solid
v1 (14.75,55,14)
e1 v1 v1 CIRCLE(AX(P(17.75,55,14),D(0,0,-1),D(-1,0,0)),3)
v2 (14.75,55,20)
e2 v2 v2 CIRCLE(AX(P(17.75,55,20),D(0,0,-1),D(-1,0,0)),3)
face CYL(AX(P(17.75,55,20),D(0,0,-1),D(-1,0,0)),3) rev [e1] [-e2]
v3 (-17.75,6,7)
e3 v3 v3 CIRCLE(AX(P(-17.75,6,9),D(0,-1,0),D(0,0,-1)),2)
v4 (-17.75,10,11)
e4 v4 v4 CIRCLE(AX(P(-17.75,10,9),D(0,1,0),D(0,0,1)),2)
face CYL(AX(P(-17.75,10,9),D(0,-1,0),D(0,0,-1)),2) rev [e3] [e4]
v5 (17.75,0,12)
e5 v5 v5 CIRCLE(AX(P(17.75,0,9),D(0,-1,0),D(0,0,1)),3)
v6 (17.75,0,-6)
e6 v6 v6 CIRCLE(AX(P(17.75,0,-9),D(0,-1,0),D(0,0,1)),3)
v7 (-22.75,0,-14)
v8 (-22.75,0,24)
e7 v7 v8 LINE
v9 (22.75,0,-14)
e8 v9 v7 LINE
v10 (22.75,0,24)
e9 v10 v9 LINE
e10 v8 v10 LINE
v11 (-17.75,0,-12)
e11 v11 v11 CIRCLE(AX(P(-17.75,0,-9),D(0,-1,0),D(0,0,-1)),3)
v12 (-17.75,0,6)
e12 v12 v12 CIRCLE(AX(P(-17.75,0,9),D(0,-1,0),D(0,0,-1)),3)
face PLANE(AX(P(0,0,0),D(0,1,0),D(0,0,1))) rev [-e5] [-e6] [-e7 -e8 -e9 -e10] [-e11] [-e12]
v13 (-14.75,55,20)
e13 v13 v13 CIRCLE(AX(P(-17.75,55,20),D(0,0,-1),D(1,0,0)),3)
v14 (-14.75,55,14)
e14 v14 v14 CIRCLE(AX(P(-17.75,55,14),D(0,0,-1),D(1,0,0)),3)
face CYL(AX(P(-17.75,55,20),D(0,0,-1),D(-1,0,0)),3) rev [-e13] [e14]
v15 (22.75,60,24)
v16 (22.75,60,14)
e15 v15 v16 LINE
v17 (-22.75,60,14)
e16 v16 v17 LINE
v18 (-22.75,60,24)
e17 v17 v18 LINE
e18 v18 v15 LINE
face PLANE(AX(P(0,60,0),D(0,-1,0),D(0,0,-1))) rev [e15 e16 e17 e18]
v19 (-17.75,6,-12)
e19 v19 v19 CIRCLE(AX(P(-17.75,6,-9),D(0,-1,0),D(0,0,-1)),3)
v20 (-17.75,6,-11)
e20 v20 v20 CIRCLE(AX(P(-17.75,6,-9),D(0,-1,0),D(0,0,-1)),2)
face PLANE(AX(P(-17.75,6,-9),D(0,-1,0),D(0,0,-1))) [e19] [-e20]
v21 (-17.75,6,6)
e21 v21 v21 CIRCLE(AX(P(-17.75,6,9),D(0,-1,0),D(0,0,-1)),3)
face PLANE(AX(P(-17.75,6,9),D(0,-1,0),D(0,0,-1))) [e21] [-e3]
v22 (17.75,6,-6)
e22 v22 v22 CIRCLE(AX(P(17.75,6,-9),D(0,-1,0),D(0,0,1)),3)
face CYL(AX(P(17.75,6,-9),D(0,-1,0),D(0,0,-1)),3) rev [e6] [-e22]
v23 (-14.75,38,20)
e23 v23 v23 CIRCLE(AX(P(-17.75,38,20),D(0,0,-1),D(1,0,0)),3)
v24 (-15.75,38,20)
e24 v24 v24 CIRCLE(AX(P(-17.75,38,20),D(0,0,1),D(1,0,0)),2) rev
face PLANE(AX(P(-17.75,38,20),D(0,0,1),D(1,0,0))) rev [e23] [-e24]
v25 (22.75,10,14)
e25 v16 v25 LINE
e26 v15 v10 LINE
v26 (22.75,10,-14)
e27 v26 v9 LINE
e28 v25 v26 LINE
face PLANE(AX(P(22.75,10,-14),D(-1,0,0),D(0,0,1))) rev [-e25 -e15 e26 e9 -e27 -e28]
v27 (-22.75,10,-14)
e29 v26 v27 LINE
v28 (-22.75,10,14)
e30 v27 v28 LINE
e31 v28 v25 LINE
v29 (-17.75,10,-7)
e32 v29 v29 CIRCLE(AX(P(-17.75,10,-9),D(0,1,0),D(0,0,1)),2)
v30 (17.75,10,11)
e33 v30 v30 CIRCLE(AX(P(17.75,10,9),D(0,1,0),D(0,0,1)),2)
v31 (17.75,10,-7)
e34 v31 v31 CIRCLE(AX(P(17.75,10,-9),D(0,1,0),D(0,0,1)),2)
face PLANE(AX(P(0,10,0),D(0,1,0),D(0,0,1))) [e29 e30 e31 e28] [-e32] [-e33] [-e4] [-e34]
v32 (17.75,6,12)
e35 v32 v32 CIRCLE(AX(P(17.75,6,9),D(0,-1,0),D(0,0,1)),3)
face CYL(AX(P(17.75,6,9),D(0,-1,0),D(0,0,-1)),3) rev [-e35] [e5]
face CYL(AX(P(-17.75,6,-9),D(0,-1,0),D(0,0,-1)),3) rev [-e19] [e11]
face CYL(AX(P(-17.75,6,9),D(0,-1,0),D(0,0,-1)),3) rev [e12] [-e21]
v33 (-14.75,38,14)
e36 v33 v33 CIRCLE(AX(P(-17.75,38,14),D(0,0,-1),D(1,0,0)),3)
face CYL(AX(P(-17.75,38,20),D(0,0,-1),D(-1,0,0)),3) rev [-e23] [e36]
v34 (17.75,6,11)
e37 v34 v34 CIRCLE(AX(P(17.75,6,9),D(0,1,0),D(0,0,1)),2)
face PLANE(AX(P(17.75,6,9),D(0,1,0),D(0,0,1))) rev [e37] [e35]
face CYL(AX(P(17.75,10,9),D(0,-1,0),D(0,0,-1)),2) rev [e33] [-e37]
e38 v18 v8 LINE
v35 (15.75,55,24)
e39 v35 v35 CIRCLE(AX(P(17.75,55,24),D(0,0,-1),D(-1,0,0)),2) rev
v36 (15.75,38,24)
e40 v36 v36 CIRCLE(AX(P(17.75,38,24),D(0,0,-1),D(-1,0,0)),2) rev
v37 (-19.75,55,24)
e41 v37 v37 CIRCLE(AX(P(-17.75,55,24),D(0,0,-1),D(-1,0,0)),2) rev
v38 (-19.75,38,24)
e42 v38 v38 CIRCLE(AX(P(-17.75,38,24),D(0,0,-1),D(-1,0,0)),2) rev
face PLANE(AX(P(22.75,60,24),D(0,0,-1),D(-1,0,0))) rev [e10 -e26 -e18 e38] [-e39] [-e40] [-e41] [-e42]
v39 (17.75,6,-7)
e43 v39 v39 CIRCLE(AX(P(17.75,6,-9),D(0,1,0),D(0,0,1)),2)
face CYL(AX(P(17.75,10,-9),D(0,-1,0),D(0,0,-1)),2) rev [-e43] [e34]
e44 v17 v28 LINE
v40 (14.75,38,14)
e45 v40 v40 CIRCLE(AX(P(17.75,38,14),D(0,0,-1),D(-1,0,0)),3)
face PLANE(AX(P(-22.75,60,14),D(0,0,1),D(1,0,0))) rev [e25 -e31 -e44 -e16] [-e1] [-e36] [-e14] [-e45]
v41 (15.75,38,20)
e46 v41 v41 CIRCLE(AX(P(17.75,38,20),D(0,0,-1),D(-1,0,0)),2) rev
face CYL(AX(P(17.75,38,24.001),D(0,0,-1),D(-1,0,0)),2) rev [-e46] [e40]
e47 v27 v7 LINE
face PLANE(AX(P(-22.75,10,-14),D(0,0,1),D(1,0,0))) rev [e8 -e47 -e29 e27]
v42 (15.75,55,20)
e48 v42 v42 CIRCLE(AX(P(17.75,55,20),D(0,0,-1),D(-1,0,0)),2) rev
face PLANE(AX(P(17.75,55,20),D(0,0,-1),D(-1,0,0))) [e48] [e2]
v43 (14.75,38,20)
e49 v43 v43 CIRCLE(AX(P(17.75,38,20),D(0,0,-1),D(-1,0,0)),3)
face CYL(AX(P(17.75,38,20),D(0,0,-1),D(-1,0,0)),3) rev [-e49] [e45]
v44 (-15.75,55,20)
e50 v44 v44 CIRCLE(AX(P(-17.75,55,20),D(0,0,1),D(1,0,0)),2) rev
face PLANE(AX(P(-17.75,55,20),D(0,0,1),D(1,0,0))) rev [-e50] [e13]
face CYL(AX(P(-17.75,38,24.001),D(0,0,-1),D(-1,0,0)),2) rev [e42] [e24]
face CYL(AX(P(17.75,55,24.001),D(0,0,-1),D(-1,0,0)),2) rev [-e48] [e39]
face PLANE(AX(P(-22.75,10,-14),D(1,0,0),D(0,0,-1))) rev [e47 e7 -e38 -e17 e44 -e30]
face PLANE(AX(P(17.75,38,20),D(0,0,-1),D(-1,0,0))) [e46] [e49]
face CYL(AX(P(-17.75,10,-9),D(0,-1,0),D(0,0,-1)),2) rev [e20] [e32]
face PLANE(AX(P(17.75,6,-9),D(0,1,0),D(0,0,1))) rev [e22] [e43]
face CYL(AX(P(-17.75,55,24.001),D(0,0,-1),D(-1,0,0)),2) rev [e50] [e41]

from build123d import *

# Parameters (mm, degrees)
SKETCH1_R              = 2
BASE_EXTRUSION_DEPTH   = 10
SKETCH2_R              = 3
FIRST_BASE_HOLES_DEPTH = 6
SKETCH5_W              = 45.5
SKETCH5_H              = 10
BOSS_EXTRUDE3_DEPTH    = 60
CUT_EXTRUDE2_REACH     = 72.011
SKETCH6_R              = 2
SKETCH7_R              = 3
CUT_EXTRUDE3_DEPTH     = 6


with BuildPart() as part:
    # Sketch1 → Base Extrusion (new body)
    with BuildSketch(Plane(origin=(0, 0, 0), x_dir=(1, 0, 0), z_dir=(0, 1, 0))):
        Polygon((-22.75, 14), (0, 14), (22.75, 14), (22.75, -14), (-22.75, -14), align=None)
        with Locations(Location((-17.75, 9, 0), (0, 0, 270))):
            Circle(SKETCH1_R, mode=Mode.SUBTRACT)
        with Locations(Location((-17.75, -9, 0), (0, 0, 270))):
            Circle(SKETCH1_R, mode=Mode.SUBTRACT)
        with Locations(Location((17.75, 9, 0), (0, 0, 270))):
            Circle(SKETCH1_R, mode=Mode.SUBTRACT)
        with Locations(Location((17.75, -9, 0), (0, 0, 270))):
            Circle(SKETCH1_R, mode=Mode.SUBTRACT)
    extrude(amount=BASE_EXTRUSION_DEPTH)

    # Sketch2 → First Base Holes (cut)
    with BuildSketch(Plane.XZ):
        with Locations(Location((-17.75, 9, 0), (0, 0, 270))):
            Circle(SKETCH2_R)
        with Locations(Location((-17.75, -9, 0), (0, 0, 270))):
            Circle(SKETCH2_R)
        with Locations(Location((17.75, -9, 0), (0, 0, 90))):
            Circle(SKETCH2_R)
        with Locations(Location((17.75, 9, 0), (0, 0, 90))):
            Circle(SKETCH2_R)
    extrude(amount=-FIRST_BASE_HOLES_DEPTH, mode=Mode.SUBTRACT)

    # Sketch5 → Boss-Extrude3 (add)
    with BuildSketch(Plane(origin=(0, 0, 0), x_dir=(1, 0, 0), z_dir=(0, 1, 0))):
        with Locations((0, -19)):
            Rectangle(SKETCH5_W, SKETCH5_H)
    extrude(amount=BOSS_EXTRUDE3_DEPTH)

    # Sketch6 → Cut-Extrude2 (cut, up to next)
    with BuildSketch(Plane(origin=(0, 0, 14), x_dir=(-1, 0, 0), z_dir=(0, 0, -1)), mode=Mode.PRIVATE) as cut_extrude2_sk1:
        with Locations((-17.75, 55)):
            Circle(SKETCH6_R)
    cut_extrude2_tool1 = extrude(cut_extrude2_sk1.sketch, amount=-CUT_EXTRUDE2_REACH, mode=Mode.PRIVATE) & part.part
    # Sketch6 → Cut-Extrude2 (cut, up to next)
    with BuildSketch(Plane(origin=(0, 0, 14), x_dir=(-1, 0, 0), z_dir=(0, 0, -1)), mode=Mode.PRIVATE) as cut_extrude2_sk2:
        with Locations((-17.75, 38)):
            Circle(SKETCH6_R)
    cut_extrude2_tool2 = extrude(cut_extrude2_sk2.sketch, amount=-CUT_EXTRUDE2_REACH, mode=Mode.PRIVATE) & part.part
    # Sketch6 → Cut-Extrude2 (cut, up to next)
    with BuildSketch(Plane(origin=(0, 0, 14), x_dir=(-1, 0, 0), z_dir=(0, 0, -1)), mode=Mode.PRIVATE) as cut_extrude2_sk3:
        with Locations((17.75, 55)):
            Circle(SKETCH6_R)
    cut_extrude2_tool3 = extrude(cut_extrude2_sk3.sketch, amount=-CUT_EXTRUDE2_REACH, mode=Mode.PRIVATE) & part.part
    # Sketch6 → Cut-Extrude2 (cut, up to next)
    with BuildSketch(Plane(origin=(0, 0, 14), x_dir=(-1, 0, 0), z_dir=(0, 0, -1)), mode=Mode.PRIVATE) as cut_extrude2_sk4:
        with Locations((17.75, 38)):
            Circle(SKETCH6_R)
    cut_extrude2_tool4 = extrude(cut_extrude2_sk4.sketch, amount=-CUT_EXTRUDE2_REACH, mode=Mode.PRIVATE) & part.part
    add(cut_extrude2_tool1.solids().sort_by_distance((17.75, 55, 14))[0], mode=Mode.SUBTRACT)
    add(cut_extrude2_tool2.solids().sort_by_distance((17.75, 38, 14))[0], mode=Mode.SUBTRACT)
    add(cut_extrude2_tool3.solids().sort_by_distance((-17.75, 55, 14))[0], mode=Mode.SUBTRACT)
    add(cut_extrude2_tool4.solids().sort_by_distance((-17.75, 38, 14))[0], mode=Mode.SUBTRACT)

    # Sketch7 → Cut-Extrude3 (cut)
    with BuildSketch(Plane(origin=(0, 0, 14), x_dir=(-1, 0, 0), z_dir=(0, 0, -1))):
        with Locations((-17.75, 55)):
            Circle(SKETCH7_R)
        with Locations((-17.75, 38)):
            Circle(SKETCH7_R)
        with Locations(Location((17.75, 38, 0), (0, 0, 180))):
            Circle(SKETCH7_R)
        with Locations(Location((17.75, 55, 0), (0, 0, 180))):
            Circle(SKETCH7_R)
    extrude(amount=-CUT_EXTRUDE3_DEPTH, mode=Mode.SUBTRACT)


solid = part.part
